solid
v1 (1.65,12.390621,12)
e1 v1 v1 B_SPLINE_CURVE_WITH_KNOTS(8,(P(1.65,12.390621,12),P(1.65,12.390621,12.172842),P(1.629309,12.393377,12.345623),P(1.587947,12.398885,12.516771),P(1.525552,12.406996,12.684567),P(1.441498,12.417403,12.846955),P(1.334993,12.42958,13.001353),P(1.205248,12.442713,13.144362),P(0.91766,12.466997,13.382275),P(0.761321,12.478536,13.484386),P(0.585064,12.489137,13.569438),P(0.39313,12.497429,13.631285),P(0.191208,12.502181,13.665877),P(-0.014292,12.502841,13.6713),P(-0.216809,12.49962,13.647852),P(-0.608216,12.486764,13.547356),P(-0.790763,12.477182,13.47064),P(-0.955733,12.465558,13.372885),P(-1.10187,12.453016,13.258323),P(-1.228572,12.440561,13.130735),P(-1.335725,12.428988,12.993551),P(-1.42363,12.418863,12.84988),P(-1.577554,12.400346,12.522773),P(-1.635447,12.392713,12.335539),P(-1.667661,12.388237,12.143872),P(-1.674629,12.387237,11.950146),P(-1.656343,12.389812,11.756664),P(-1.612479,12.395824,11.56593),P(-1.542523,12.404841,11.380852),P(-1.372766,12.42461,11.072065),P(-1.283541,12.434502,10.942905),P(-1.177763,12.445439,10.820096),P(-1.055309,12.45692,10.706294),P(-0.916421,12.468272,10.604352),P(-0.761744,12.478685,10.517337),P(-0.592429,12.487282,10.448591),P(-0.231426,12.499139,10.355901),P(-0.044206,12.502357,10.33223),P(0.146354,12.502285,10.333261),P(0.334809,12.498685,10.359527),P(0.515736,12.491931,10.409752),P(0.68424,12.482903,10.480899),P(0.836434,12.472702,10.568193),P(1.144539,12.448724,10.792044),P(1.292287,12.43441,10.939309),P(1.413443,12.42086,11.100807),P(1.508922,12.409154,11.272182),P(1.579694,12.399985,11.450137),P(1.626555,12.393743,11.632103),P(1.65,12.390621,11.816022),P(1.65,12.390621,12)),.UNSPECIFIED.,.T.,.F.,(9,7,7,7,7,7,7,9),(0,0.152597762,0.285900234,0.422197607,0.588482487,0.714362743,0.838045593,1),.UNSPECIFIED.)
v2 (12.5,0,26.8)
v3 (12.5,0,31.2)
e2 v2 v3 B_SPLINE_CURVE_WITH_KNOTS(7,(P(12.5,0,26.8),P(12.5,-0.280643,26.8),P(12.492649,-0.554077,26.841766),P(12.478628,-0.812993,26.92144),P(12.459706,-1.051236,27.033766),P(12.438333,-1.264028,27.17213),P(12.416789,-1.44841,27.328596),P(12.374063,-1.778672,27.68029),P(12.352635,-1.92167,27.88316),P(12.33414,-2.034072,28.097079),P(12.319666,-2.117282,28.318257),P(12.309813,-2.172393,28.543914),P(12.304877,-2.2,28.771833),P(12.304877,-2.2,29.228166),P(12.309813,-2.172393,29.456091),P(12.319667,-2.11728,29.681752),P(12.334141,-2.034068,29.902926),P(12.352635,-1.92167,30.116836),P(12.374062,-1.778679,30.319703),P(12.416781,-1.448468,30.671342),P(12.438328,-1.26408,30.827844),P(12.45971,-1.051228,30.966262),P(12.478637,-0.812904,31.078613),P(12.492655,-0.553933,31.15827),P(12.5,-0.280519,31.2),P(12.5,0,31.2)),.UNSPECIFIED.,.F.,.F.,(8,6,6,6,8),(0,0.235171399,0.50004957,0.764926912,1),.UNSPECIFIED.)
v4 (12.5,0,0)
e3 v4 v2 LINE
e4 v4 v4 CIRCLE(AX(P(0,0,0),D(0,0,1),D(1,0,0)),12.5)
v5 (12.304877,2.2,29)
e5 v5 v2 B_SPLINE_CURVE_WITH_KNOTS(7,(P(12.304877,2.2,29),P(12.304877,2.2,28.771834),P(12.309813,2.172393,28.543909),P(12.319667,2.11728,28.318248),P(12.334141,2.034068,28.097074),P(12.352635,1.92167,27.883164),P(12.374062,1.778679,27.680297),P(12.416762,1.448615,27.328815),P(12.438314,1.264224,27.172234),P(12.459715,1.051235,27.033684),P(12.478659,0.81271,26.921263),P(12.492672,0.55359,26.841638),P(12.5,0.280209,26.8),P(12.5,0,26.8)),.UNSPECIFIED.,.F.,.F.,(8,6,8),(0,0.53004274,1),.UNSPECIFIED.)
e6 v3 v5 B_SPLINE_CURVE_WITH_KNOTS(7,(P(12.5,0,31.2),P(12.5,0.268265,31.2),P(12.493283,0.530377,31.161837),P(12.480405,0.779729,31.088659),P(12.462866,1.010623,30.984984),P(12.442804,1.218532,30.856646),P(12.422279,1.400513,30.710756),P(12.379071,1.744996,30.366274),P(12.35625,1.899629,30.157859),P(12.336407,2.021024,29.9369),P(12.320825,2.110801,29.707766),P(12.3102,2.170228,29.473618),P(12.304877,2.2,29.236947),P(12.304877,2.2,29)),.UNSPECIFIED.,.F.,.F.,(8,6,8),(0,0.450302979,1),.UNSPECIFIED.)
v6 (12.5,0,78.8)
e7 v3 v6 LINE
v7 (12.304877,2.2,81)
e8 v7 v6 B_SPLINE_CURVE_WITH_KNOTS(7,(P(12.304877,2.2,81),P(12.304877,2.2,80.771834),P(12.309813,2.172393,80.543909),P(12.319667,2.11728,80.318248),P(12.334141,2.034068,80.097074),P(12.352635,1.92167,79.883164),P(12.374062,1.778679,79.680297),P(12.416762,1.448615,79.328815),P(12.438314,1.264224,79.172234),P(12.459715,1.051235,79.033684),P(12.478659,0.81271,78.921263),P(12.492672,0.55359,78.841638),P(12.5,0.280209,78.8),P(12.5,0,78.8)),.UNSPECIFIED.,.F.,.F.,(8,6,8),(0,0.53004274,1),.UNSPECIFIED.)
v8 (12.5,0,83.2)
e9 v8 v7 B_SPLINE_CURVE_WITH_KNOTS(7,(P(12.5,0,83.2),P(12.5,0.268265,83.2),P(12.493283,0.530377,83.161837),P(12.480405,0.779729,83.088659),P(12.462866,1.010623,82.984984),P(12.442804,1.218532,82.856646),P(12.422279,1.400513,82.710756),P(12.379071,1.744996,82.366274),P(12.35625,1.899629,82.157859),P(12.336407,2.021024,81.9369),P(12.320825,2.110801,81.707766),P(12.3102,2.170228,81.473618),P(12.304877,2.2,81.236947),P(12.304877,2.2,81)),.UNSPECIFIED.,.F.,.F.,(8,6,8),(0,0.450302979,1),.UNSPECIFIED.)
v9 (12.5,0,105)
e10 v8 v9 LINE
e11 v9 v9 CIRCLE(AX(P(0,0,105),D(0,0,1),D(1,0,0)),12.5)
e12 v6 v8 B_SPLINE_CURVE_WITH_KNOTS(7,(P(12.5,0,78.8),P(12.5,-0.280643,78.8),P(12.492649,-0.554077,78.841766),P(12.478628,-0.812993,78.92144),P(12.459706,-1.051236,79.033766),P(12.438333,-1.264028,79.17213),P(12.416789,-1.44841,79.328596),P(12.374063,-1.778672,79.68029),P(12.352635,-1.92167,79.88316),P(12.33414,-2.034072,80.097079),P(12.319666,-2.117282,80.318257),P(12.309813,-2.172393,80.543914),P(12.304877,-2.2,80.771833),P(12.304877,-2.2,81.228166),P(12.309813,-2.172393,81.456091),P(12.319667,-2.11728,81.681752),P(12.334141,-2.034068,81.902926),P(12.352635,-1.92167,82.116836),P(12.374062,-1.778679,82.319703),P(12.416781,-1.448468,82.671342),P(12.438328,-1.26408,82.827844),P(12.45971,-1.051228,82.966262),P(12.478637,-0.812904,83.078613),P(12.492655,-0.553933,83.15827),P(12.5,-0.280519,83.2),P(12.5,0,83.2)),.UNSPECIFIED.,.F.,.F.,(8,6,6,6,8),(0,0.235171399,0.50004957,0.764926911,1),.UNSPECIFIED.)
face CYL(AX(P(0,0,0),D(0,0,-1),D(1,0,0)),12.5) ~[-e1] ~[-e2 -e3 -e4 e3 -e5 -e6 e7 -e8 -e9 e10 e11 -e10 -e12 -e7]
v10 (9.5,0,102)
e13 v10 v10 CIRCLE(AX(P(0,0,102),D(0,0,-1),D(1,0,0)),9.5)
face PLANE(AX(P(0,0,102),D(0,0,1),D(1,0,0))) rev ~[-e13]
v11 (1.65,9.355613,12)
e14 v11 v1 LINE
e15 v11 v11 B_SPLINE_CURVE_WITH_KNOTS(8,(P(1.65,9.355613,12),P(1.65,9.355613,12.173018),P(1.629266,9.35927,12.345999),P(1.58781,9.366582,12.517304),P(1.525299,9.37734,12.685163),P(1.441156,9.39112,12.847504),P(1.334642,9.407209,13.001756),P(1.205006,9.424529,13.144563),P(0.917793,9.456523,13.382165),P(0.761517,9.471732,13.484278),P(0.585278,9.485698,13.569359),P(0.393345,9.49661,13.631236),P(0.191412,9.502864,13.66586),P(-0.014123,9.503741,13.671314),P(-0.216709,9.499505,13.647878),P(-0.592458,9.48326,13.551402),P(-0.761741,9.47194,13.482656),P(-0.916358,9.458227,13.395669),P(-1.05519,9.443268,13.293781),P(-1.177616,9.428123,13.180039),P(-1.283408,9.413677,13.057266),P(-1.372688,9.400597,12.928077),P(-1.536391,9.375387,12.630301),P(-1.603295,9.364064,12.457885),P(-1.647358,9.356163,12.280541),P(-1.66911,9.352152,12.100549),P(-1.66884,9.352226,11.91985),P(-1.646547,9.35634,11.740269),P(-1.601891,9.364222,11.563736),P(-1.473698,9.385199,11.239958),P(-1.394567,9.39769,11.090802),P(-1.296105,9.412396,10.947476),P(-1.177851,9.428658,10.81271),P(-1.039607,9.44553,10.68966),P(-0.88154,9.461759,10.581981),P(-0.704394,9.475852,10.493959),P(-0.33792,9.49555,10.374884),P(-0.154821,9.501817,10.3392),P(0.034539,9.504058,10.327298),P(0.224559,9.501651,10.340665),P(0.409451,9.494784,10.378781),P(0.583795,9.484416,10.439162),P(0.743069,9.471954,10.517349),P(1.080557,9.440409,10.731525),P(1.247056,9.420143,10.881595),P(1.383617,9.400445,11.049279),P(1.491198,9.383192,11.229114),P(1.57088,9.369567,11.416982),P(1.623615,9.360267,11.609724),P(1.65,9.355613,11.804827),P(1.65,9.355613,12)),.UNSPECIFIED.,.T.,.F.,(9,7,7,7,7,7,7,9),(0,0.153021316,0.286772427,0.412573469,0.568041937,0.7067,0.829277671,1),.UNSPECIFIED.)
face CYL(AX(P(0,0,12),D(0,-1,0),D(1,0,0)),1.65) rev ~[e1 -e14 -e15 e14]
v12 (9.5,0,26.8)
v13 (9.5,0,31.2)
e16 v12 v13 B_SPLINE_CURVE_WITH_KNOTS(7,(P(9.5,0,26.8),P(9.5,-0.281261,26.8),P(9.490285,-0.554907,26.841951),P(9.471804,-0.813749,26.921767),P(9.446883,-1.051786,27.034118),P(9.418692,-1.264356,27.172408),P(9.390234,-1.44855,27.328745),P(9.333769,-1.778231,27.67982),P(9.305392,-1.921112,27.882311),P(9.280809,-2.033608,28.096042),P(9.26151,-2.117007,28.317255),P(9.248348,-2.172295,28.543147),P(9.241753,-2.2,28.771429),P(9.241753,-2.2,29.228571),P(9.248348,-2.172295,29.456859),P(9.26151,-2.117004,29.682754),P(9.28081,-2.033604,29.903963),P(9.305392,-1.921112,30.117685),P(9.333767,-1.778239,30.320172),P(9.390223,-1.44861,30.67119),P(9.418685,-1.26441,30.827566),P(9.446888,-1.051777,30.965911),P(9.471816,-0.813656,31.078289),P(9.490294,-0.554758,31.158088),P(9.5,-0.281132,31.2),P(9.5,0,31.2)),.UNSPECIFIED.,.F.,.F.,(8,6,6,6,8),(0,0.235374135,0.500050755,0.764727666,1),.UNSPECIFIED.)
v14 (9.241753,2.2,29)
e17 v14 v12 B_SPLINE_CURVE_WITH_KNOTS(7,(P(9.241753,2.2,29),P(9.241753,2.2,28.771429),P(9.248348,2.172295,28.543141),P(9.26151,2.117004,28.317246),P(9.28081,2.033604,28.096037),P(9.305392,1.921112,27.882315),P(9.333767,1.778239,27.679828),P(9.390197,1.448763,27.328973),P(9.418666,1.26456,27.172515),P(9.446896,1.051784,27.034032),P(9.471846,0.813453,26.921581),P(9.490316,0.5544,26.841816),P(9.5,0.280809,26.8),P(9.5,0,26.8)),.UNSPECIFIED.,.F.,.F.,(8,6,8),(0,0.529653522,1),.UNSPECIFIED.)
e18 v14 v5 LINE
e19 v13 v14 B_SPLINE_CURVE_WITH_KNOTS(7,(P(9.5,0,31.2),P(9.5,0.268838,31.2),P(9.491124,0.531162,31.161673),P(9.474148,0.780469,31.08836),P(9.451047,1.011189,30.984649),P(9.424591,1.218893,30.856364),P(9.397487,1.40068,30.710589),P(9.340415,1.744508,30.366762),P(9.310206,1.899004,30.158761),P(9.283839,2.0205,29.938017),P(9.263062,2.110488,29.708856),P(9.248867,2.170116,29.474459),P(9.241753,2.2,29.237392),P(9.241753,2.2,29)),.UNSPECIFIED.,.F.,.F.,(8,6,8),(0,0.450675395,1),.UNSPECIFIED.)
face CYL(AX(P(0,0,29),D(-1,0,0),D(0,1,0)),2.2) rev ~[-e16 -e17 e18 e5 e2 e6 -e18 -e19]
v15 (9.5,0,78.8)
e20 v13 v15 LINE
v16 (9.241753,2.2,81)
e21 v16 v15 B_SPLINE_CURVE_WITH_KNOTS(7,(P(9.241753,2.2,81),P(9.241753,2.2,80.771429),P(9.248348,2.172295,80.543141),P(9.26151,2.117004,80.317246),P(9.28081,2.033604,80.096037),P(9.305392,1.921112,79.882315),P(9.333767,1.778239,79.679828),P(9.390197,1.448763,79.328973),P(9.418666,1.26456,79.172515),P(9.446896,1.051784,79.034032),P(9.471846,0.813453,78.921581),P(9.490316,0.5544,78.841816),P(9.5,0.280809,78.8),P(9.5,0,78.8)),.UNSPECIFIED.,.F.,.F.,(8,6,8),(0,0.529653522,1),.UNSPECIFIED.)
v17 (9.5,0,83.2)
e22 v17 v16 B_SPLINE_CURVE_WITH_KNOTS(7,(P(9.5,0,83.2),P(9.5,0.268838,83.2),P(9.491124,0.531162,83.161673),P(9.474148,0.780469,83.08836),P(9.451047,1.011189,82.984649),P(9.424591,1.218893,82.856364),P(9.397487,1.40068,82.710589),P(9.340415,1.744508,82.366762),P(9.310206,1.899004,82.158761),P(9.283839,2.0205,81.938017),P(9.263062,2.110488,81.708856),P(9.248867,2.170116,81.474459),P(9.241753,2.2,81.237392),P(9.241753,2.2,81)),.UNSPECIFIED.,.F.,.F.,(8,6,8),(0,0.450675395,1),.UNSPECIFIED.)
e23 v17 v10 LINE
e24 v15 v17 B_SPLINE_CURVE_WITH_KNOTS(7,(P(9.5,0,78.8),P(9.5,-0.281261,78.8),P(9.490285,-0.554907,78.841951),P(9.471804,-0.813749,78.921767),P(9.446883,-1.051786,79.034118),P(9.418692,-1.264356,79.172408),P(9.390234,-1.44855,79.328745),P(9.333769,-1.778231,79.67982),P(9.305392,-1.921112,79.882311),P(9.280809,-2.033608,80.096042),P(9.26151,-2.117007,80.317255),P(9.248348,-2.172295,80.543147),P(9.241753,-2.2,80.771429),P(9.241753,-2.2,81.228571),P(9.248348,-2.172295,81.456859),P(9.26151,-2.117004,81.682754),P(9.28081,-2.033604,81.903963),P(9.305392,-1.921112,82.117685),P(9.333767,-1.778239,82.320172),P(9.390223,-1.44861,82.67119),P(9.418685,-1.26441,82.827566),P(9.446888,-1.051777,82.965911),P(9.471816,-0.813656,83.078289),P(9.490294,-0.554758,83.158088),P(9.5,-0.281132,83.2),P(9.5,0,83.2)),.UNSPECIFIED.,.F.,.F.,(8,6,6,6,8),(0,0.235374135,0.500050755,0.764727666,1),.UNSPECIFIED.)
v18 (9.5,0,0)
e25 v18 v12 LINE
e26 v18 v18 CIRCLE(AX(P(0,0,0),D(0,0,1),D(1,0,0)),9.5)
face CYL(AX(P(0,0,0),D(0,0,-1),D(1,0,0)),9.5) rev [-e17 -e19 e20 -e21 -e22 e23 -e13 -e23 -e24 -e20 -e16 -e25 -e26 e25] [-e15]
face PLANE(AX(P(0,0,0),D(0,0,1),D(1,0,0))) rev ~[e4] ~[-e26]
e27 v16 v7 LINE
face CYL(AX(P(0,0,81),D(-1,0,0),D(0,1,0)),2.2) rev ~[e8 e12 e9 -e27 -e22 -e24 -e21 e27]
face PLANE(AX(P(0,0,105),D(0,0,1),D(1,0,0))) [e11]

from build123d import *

# Parameters (mm, degrees)
F0_R     = 12.5
F0_R_2   = 9.5
F1_DEPTH = 105
F2_R     = 12.5
F3_DEPTH = 3
F5_D     = 3.3
F5_DEPTH = 22.1
F5_TIP   = 0.9914200214
F7_D     = 4.4
F7_DEPTH = 22.1
F7_TIP   = 1.3218933619


with BuildPart() as f1:
    # F0 (on Top) → F1 (new body)
    with BuildSketch(Plane.XY):
        Circle(F0_R)
        Circle(F0_R_2, mode=Mode.SUBTRACT)
    extrude(amount=F1_DEPTH)

    # F2 (on face) → F3 (join)
    with BuildSketch(Plane.XY.offset(105)):
        Circle(F2_R)
    extrude(amount=-F3_DEPTH)

    # F5 (one way)
    with BuildSketch(Plane.XZ):
        with Locations((0, 12)):
            Circle(F5_D / 2)
    extrude(amount=-F5_DEPTH, mode=Mode.SUBTRACT)
    with Locations(Plane.XZ):
        with Locations((0, 12)):
            with Locations((0, 0, -(F5_DEPTH + F5_TIP / 2))):  # 118° drill point
                Cone(0, F5_D / 2, F5_TIP, mode=Mode.SUBTRACT)

    # F7 (one way)
    with BuildSketch(Plane(origin=(0, 0, 0), x_dir=(0, 1, 0), z_dir=(-1, 0, 0))):
        with Locations((0, -81), (0, -29)):
            Circle(F7_D / 2)
    extrude(amount=-F7_DEPTH, mode=Mode.SUBTRACT)
    with Locations(Plane(origin=(0, 0, 0), x_dir=(0, 1, 0), z_dir=(-1, 0, 0))):
        with Locations((0, -81), (0, -29)):
            with Locations((0, 0, -(F7_DEPTH + F7_TIP / 2))):  # 118° drill point
                Cone(0, F7_D / 2, F7_TIP, mode=Mode.SUBTRACT)


solid = f1.part
